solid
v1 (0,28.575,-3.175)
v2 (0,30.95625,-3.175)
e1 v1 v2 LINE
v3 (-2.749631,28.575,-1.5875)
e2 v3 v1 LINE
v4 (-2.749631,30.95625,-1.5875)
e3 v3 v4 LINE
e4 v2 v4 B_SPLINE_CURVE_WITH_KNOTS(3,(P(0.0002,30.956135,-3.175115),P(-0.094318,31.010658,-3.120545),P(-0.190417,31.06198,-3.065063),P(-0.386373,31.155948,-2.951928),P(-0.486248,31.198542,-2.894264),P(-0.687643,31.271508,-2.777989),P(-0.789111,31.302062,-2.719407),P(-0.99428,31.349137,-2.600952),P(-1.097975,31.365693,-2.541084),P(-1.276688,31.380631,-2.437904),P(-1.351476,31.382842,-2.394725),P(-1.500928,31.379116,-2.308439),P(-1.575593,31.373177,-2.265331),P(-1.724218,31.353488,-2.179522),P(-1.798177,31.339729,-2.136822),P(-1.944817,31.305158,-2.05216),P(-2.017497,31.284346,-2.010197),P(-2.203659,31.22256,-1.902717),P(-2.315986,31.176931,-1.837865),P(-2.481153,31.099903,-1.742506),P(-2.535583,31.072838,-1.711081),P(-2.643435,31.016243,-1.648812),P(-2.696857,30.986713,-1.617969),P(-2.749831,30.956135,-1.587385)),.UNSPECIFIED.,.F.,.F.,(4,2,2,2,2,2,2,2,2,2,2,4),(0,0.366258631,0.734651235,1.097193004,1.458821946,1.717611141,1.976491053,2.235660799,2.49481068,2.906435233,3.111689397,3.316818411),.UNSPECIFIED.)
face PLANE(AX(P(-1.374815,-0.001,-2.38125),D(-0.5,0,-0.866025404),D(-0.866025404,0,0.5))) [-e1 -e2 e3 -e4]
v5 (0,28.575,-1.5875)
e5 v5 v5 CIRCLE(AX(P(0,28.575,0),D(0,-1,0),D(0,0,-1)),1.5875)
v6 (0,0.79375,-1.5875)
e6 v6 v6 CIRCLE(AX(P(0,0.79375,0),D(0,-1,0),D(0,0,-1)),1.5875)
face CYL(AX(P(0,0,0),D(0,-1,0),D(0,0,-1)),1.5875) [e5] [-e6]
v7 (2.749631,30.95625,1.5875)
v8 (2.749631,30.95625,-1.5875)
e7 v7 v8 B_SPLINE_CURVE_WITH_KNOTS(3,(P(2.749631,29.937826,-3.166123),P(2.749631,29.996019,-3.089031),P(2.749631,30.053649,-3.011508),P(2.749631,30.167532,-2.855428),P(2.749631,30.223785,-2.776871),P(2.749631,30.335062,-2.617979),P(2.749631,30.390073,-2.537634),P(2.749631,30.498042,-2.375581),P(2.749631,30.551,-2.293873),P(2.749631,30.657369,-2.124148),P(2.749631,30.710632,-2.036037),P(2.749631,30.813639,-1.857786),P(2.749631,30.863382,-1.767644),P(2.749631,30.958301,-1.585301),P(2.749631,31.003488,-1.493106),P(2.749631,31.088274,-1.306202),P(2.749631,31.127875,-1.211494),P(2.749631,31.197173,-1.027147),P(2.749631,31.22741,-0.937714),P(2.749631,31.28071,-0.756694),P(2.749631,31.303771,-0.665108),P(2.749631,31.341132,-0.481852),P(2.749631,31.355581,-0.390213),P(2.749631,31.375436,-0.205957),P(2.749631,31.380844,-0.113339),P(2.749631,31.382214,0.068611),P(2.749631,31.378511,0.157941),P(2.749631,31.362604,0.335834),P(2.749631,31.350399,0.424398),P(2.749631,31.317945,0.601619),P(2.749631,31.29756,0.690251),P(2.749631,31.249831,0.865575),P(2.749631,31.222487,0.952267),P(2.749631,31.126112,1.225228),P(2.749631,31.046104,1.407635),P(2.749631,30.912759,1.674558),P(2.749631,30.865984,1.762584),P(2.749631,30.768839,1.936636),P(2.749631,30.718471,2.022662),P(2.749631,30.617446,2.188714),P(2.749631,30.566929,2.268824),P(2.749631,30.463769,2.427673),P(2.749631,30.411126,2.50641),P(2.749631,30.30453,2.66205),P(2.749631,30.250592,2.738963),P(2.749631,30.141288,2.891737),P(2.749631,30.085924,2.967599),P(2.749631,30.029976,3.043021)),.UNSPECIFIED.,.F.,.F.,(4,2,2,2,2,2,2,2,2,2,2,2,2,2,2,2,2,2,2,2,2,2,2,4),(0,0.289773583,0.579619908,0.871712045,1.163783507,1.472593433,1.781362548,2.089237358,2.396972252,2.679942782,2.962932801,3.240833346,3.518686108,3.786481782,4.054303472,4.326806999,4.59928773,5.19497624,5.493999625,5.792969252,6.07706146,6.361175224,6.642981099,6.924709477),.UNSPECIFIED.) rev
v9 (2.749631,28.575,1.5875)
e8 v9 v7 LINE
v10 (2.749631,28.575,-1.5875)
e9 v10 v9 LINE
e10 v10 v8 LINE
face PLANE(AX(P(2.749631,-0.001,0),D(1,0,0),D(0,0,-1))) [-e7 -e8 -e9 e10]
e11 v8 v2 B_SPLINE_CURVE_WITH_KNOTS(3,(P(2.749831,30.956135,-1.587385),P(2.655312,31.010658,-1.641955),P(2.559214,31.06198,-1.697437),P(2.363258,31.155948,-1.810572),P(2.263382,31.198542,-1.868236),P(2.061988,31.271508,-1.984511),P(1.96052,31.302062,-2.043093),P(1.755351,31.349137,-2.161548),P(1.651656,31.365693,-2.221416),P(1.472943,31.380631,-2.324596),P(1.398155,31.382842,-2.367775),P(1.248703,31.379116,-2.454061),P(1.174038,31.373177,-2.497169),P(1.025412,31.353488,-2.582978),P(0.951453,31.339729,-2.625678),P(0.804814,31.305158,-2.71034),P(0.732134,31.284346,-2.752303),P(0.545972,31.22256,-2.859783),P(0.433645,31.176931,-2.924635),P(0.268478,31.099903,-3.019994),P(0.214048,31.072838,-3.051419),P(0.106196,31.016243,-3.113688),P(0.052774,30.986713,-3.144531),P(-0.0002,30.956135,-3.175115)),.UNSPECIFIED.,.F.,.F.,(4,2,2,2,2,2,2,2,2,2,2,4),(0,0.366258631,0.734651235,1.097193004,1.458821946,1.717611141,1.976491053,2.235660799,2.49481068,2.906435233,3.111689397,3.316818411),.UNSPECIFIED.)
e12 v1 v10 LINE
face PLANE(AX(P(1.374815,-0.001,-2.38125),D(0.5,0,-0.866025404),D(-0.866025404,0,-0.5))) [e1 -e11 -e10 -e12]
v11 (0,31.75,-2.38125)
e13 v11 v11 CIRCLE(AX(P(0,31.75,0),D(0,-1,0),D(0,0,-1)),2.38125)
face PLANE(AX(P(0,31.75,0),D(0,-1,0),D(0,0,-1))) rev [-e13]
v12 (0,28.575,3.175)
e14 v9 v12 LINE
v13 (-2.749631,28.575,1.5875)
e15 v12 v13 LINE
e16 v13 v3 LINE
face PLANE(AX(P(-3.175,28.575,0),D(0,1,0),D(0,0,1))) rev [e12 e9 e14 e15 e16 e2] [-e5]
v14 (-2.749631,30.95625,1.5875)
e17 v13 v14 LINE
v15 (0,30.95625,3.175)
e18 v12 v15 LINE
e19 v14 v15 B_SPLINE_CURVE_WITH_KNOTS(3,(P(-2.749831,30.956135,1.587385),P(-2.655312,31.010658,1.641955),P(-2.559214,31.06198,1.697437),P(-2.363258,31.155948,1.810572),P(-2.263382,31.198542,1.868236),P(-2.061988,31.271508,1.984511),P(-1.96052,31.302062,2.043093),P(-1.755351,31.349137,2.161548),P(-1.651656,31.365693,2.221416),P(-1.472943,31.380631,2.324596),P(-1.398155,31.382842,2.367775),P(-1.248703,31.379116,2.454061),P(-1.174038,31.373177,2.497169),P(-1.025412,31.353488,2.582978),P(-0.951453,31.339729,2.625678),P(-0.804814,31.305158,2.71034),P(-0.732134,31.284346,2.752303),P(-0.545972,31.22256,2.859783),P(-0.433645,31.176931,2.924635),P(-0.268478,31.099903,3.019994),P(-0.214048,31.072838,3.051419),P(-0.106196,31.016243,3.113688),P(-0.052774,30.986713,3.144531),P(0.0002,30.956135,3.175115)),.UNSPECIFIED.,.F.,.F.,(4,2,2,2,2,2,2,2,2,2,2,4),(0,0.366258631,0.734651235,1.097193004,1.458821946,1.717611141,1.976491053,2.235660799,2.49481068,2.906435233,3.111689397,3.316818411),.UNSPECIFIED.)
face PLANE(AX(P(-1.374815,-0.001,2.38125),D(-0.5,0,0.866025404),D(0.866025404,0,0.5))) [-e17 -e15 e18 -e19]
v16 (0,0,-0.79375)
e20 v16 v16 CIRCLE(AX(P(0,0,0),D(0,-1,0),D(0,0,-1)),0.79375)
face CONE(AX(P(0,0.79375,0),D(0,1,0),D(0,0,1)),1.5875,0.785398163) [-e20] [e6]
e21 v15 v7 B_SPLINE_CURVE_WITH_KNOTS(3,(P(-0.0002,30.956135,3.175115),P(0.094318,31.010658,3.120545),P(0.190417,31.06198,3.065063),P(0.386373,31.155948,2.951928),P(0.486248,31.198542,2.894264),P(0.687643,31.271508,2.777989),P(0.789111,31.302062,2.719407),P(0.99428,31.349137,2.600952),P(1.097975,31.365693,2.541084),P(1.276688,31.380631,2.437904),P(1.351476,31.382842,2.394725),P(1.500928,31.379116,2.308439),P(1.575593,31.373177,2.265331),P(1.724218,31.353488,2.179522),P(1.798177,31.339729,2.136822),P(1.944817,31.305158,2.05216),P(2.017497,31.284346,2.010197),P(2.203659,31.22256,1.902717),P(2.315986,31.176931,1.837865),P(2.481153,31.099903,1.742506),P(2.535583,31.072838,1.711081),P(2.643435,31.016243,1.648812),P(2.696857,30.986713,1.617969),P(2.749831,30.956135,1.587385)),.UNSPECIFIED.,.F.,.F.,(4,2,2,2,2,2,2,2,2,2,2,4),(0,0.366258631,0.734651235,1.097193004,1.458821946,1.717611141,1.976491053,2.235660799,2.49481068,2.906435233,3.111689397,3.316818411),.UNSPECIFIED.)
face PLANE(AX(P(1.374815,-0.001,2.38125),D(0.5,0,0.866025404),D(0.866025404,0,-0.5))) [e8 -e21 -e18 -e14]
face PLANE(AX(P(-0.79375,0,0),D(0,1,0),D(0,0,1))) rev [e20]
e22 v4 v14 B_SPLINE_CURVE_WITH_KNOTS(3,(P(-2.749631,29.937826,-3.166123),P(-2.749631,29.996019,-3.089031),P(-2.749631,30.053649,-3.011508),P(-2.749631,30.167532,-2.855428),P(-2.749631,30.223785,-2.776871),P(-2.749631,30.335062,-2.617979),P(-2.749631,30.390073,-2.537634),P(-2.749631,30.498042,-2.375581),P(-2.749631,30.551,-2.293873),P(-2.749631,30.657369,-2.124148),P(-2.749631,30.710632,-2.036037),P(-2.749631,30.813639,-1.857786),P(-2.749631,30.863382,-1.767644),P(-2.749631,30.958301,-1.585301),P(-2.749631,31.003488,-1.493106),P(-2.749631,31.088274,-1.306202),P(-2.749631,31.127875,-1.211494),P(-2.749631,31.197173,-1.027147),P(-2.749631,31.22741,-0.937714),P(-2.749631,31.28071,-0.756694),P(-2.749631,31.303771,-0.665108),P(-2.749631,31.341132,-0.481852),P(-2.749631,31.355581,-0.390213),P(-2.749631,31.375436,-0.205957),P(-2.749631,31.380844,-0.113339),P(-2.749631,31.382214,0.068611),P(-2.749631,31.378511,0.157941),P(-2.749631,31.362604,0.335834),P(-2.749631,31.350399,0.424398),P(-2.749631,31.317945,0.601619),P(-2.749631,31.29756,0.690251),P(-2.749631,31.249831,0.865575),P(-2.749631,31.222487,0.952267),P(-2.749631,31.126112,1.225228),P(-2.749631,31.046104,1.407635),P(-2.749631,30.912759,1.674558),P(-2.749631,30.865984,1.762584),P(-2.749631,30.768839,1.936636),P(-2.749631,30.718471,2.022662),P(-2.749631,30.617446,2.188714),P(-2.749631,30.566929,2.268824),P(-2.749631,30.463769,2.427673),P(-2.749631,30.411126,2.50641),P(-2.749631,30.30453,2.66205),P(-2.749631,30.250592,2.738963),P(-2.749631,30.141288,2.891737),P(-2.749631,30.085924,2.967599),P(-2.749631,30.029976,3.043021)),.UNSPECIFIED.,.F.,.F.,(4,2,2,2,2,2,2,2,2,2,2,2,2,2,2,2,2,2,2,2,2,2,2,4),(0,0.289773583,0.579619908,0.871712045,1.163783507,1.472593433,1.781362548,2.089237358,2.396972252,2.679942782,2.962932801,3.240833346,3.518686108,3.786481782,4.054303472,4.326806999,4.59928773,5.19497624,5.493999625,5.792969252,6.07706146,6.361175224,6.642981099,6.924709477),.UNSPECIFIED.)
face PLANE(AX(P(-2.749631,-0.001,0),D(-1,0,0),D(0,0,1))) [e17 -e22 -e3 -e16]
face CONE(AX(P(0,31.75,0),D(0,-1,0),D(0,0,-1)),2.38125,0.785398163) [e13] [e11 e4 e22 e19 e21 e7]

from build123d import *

# Parameters (mm, degrees)
CUT_EXTRUDE1_REACH = 33.75


with BuildPart() as part:
    # Sketch1 → Revolve1 (revolve)
    with BuildSketch(Plane.XY):
        Polygon((0, 31.75), (-2.38125, 31.75), (-3.175, 30.95625), (-3.175, 28.575), (-1.5875, 28.575), (-1.5875, 0.79375), (-0.79375, 0), (0, 0), align=None)
    revolve(axis=Axis((0, 0, 0), (0, 1, 0)))

    # Sketch2 → Cut-Extrude1 (cut, up to next)
    with BuildSketch(Plane(origin=(0, 31.75, 0), x_dir=(1, 0, 0), z_dir=(0, 1, 0)), mode=Mode.PRIVATE) as cut_extrude1_sk1:
        with BuildLine():
            Line((-2.749630657, 1.5875), (0, 3.175))
            ThreePointArc((0, 3.175), (-1.5875, 2.749630657), (-2.749630657, 1.5875))
        make_face()
    cut_extrude1_tool1 = extrude(cut_extrude1_sk1.sketch, amount=-CUT_EXTRUDE1_REACH, mode=Mode.PRIVATE) & part.part
    add(cut_extrude1_tool1.solids().sort_by_distance((-1.460397, 31.75, -2.529482))[0], mode=Mode.SUBTRACT)
    # Sketch2 → Cut-Extrude1 (cut, up to next)
    with BuildSketch(Plane(origin=(0, 31.75, 0), x_dir=(1, 0, 0), z_dir=(0, 1, 0)), mode=Mode.PRIVATE) as cut_extrude1_sk2:
        with BuildLine():
            ThreePointArc((2.749630657, 1.5875), (1.5875, 2.749630657), (0, 3.175))
            Line((0, 3.175), (2.749630657, 1.5875))
        make_face()
    cut_extrude1_tool2 = extrude(cut_extrude1_sk2.sketch, amount=-CUT_EXTRUDE1_REACH, mode=Mode.PRIVATE) & part.part
    add(cut_extrude1_tool2.solids().sort_by_distance((1.460397, 31.75, -2.529482))[0], mode=Mode.SUBTRACT)
    # Sketch2 → Cut-Extrude1 (cut, up to next)
    with BuildSketch(Plane(origin=(0, 31.75, 0), x_dir=(1, 0, 0), z_dir=(0, 1, 0)), mode=Mode.PRIVATE) as cut_extrude1_sk3:
        with BuildLine():
            ThreePointArc((3.175, 0), (3.066814498, 0.821750468), (2.749630657, 1.5875))
            Line((2.749630657, 1.5875), (2.749630657, -1.5875))
            ThreePointArc((2.749630657, -1.5875), (3.066814498, -0.821750468), (3.175, 0))
        make_face()
    cut_extrude1_tool3 = extrude(cut_extrude1_sk3.sketch, amount=-CUT_EXTRUDE1_REACH, mode=Mode.PRIVATE) & part.part
    add(cut_extrude1_tool3.solids().sort_by_distance((2.920795, 31.75, 0))[0], mode=Mode.SUBTRACT)
    # Sketch2 → Cut-Extrude1 (cut, up to next)
    with BuildSketch(Plane(origin=(0, 31.75, 0), x_dir=(1, 0, 0), z_dir=(0, 1, 0)), mode=Mode.PRIVATE) as cut_extrude1_sk4:
        with BuildLine():
            ThreePointArc((0, -3.175), (1.5875, -2.749630657), (2.749630657, -1.5875))
            Line((2.749630657, -1.5875), (0, -3.175))
        make_face()
    cut_extrude1_tool4 = extrude(cut_extrude1_sk4.sketch, amount=-CUT_EXTRUDE1_REACH, mode=Mode.PRIVATE) & part.part
    add(cut_extrude1_tool4.solids().sort_by_distance((1.460397, 31.75, 2.529482))[0], mode=Mode.SUBTRACT)
    # Sketch2 → Cut-Extrude1 (cut, up to next)
    with BuildSketch(Plane(origin=(0, 31.75, 0), x_dir=(1, 0, 0), z_dir=(0, 1, 0)), mode=Mode.PRIVATE) as cut_extrude1_sk5:
        with BuildLine():
            Line((0, -3.175), (-2.749630657, -1.5875))
            ThreePointArc((-2.749630657, -1.5875), (-1.5875, -2.749630657), (0, -3.175))
        make_face()
    cut_extrude1_tool5 = extrude(cut_extrude1_sk5.sketch, amount=-CUT_EXTRUDE1_REACH, mode=Mode.PRIVATE) & part.part
    add(cut_extrude1_tool5.solids().sort_by_distance((-1.460397, 31.75, 2.529482))[0], mode=Mode.SUBTRACT)
    # Sketch2 → Cut-Extrude1 (cut, up to next)
    with BuildSketch(Plane(origin=(0, 31.75, 0), x_dir=(1, 0, 0), z_dir=(0, 1, 0)), mode=Mode.PRIVATE) as cut_extrude1_sk6:
        with BuildLine():
            Line((-2.749630657, -1.5875), (-2.749630657, 1.5875))
            ThreePointArc((-2.749630657, 1.5875), (-3.175, 0), (-2.749630657, -1.5875))
        make_face()
    cut_extrude1_tool6 = extrude(cut_extrude1_sk6.sketch, amount=-CUT_EXTRUDE1_REACH, mode=Mode.PRIVATE) & part.part
    add(cut_extrude1_tool6.solids().sort_by_distance((-2.920795, 31.75, 0))[0], mode=Mode.SUBTRACT)


solid = part.part
